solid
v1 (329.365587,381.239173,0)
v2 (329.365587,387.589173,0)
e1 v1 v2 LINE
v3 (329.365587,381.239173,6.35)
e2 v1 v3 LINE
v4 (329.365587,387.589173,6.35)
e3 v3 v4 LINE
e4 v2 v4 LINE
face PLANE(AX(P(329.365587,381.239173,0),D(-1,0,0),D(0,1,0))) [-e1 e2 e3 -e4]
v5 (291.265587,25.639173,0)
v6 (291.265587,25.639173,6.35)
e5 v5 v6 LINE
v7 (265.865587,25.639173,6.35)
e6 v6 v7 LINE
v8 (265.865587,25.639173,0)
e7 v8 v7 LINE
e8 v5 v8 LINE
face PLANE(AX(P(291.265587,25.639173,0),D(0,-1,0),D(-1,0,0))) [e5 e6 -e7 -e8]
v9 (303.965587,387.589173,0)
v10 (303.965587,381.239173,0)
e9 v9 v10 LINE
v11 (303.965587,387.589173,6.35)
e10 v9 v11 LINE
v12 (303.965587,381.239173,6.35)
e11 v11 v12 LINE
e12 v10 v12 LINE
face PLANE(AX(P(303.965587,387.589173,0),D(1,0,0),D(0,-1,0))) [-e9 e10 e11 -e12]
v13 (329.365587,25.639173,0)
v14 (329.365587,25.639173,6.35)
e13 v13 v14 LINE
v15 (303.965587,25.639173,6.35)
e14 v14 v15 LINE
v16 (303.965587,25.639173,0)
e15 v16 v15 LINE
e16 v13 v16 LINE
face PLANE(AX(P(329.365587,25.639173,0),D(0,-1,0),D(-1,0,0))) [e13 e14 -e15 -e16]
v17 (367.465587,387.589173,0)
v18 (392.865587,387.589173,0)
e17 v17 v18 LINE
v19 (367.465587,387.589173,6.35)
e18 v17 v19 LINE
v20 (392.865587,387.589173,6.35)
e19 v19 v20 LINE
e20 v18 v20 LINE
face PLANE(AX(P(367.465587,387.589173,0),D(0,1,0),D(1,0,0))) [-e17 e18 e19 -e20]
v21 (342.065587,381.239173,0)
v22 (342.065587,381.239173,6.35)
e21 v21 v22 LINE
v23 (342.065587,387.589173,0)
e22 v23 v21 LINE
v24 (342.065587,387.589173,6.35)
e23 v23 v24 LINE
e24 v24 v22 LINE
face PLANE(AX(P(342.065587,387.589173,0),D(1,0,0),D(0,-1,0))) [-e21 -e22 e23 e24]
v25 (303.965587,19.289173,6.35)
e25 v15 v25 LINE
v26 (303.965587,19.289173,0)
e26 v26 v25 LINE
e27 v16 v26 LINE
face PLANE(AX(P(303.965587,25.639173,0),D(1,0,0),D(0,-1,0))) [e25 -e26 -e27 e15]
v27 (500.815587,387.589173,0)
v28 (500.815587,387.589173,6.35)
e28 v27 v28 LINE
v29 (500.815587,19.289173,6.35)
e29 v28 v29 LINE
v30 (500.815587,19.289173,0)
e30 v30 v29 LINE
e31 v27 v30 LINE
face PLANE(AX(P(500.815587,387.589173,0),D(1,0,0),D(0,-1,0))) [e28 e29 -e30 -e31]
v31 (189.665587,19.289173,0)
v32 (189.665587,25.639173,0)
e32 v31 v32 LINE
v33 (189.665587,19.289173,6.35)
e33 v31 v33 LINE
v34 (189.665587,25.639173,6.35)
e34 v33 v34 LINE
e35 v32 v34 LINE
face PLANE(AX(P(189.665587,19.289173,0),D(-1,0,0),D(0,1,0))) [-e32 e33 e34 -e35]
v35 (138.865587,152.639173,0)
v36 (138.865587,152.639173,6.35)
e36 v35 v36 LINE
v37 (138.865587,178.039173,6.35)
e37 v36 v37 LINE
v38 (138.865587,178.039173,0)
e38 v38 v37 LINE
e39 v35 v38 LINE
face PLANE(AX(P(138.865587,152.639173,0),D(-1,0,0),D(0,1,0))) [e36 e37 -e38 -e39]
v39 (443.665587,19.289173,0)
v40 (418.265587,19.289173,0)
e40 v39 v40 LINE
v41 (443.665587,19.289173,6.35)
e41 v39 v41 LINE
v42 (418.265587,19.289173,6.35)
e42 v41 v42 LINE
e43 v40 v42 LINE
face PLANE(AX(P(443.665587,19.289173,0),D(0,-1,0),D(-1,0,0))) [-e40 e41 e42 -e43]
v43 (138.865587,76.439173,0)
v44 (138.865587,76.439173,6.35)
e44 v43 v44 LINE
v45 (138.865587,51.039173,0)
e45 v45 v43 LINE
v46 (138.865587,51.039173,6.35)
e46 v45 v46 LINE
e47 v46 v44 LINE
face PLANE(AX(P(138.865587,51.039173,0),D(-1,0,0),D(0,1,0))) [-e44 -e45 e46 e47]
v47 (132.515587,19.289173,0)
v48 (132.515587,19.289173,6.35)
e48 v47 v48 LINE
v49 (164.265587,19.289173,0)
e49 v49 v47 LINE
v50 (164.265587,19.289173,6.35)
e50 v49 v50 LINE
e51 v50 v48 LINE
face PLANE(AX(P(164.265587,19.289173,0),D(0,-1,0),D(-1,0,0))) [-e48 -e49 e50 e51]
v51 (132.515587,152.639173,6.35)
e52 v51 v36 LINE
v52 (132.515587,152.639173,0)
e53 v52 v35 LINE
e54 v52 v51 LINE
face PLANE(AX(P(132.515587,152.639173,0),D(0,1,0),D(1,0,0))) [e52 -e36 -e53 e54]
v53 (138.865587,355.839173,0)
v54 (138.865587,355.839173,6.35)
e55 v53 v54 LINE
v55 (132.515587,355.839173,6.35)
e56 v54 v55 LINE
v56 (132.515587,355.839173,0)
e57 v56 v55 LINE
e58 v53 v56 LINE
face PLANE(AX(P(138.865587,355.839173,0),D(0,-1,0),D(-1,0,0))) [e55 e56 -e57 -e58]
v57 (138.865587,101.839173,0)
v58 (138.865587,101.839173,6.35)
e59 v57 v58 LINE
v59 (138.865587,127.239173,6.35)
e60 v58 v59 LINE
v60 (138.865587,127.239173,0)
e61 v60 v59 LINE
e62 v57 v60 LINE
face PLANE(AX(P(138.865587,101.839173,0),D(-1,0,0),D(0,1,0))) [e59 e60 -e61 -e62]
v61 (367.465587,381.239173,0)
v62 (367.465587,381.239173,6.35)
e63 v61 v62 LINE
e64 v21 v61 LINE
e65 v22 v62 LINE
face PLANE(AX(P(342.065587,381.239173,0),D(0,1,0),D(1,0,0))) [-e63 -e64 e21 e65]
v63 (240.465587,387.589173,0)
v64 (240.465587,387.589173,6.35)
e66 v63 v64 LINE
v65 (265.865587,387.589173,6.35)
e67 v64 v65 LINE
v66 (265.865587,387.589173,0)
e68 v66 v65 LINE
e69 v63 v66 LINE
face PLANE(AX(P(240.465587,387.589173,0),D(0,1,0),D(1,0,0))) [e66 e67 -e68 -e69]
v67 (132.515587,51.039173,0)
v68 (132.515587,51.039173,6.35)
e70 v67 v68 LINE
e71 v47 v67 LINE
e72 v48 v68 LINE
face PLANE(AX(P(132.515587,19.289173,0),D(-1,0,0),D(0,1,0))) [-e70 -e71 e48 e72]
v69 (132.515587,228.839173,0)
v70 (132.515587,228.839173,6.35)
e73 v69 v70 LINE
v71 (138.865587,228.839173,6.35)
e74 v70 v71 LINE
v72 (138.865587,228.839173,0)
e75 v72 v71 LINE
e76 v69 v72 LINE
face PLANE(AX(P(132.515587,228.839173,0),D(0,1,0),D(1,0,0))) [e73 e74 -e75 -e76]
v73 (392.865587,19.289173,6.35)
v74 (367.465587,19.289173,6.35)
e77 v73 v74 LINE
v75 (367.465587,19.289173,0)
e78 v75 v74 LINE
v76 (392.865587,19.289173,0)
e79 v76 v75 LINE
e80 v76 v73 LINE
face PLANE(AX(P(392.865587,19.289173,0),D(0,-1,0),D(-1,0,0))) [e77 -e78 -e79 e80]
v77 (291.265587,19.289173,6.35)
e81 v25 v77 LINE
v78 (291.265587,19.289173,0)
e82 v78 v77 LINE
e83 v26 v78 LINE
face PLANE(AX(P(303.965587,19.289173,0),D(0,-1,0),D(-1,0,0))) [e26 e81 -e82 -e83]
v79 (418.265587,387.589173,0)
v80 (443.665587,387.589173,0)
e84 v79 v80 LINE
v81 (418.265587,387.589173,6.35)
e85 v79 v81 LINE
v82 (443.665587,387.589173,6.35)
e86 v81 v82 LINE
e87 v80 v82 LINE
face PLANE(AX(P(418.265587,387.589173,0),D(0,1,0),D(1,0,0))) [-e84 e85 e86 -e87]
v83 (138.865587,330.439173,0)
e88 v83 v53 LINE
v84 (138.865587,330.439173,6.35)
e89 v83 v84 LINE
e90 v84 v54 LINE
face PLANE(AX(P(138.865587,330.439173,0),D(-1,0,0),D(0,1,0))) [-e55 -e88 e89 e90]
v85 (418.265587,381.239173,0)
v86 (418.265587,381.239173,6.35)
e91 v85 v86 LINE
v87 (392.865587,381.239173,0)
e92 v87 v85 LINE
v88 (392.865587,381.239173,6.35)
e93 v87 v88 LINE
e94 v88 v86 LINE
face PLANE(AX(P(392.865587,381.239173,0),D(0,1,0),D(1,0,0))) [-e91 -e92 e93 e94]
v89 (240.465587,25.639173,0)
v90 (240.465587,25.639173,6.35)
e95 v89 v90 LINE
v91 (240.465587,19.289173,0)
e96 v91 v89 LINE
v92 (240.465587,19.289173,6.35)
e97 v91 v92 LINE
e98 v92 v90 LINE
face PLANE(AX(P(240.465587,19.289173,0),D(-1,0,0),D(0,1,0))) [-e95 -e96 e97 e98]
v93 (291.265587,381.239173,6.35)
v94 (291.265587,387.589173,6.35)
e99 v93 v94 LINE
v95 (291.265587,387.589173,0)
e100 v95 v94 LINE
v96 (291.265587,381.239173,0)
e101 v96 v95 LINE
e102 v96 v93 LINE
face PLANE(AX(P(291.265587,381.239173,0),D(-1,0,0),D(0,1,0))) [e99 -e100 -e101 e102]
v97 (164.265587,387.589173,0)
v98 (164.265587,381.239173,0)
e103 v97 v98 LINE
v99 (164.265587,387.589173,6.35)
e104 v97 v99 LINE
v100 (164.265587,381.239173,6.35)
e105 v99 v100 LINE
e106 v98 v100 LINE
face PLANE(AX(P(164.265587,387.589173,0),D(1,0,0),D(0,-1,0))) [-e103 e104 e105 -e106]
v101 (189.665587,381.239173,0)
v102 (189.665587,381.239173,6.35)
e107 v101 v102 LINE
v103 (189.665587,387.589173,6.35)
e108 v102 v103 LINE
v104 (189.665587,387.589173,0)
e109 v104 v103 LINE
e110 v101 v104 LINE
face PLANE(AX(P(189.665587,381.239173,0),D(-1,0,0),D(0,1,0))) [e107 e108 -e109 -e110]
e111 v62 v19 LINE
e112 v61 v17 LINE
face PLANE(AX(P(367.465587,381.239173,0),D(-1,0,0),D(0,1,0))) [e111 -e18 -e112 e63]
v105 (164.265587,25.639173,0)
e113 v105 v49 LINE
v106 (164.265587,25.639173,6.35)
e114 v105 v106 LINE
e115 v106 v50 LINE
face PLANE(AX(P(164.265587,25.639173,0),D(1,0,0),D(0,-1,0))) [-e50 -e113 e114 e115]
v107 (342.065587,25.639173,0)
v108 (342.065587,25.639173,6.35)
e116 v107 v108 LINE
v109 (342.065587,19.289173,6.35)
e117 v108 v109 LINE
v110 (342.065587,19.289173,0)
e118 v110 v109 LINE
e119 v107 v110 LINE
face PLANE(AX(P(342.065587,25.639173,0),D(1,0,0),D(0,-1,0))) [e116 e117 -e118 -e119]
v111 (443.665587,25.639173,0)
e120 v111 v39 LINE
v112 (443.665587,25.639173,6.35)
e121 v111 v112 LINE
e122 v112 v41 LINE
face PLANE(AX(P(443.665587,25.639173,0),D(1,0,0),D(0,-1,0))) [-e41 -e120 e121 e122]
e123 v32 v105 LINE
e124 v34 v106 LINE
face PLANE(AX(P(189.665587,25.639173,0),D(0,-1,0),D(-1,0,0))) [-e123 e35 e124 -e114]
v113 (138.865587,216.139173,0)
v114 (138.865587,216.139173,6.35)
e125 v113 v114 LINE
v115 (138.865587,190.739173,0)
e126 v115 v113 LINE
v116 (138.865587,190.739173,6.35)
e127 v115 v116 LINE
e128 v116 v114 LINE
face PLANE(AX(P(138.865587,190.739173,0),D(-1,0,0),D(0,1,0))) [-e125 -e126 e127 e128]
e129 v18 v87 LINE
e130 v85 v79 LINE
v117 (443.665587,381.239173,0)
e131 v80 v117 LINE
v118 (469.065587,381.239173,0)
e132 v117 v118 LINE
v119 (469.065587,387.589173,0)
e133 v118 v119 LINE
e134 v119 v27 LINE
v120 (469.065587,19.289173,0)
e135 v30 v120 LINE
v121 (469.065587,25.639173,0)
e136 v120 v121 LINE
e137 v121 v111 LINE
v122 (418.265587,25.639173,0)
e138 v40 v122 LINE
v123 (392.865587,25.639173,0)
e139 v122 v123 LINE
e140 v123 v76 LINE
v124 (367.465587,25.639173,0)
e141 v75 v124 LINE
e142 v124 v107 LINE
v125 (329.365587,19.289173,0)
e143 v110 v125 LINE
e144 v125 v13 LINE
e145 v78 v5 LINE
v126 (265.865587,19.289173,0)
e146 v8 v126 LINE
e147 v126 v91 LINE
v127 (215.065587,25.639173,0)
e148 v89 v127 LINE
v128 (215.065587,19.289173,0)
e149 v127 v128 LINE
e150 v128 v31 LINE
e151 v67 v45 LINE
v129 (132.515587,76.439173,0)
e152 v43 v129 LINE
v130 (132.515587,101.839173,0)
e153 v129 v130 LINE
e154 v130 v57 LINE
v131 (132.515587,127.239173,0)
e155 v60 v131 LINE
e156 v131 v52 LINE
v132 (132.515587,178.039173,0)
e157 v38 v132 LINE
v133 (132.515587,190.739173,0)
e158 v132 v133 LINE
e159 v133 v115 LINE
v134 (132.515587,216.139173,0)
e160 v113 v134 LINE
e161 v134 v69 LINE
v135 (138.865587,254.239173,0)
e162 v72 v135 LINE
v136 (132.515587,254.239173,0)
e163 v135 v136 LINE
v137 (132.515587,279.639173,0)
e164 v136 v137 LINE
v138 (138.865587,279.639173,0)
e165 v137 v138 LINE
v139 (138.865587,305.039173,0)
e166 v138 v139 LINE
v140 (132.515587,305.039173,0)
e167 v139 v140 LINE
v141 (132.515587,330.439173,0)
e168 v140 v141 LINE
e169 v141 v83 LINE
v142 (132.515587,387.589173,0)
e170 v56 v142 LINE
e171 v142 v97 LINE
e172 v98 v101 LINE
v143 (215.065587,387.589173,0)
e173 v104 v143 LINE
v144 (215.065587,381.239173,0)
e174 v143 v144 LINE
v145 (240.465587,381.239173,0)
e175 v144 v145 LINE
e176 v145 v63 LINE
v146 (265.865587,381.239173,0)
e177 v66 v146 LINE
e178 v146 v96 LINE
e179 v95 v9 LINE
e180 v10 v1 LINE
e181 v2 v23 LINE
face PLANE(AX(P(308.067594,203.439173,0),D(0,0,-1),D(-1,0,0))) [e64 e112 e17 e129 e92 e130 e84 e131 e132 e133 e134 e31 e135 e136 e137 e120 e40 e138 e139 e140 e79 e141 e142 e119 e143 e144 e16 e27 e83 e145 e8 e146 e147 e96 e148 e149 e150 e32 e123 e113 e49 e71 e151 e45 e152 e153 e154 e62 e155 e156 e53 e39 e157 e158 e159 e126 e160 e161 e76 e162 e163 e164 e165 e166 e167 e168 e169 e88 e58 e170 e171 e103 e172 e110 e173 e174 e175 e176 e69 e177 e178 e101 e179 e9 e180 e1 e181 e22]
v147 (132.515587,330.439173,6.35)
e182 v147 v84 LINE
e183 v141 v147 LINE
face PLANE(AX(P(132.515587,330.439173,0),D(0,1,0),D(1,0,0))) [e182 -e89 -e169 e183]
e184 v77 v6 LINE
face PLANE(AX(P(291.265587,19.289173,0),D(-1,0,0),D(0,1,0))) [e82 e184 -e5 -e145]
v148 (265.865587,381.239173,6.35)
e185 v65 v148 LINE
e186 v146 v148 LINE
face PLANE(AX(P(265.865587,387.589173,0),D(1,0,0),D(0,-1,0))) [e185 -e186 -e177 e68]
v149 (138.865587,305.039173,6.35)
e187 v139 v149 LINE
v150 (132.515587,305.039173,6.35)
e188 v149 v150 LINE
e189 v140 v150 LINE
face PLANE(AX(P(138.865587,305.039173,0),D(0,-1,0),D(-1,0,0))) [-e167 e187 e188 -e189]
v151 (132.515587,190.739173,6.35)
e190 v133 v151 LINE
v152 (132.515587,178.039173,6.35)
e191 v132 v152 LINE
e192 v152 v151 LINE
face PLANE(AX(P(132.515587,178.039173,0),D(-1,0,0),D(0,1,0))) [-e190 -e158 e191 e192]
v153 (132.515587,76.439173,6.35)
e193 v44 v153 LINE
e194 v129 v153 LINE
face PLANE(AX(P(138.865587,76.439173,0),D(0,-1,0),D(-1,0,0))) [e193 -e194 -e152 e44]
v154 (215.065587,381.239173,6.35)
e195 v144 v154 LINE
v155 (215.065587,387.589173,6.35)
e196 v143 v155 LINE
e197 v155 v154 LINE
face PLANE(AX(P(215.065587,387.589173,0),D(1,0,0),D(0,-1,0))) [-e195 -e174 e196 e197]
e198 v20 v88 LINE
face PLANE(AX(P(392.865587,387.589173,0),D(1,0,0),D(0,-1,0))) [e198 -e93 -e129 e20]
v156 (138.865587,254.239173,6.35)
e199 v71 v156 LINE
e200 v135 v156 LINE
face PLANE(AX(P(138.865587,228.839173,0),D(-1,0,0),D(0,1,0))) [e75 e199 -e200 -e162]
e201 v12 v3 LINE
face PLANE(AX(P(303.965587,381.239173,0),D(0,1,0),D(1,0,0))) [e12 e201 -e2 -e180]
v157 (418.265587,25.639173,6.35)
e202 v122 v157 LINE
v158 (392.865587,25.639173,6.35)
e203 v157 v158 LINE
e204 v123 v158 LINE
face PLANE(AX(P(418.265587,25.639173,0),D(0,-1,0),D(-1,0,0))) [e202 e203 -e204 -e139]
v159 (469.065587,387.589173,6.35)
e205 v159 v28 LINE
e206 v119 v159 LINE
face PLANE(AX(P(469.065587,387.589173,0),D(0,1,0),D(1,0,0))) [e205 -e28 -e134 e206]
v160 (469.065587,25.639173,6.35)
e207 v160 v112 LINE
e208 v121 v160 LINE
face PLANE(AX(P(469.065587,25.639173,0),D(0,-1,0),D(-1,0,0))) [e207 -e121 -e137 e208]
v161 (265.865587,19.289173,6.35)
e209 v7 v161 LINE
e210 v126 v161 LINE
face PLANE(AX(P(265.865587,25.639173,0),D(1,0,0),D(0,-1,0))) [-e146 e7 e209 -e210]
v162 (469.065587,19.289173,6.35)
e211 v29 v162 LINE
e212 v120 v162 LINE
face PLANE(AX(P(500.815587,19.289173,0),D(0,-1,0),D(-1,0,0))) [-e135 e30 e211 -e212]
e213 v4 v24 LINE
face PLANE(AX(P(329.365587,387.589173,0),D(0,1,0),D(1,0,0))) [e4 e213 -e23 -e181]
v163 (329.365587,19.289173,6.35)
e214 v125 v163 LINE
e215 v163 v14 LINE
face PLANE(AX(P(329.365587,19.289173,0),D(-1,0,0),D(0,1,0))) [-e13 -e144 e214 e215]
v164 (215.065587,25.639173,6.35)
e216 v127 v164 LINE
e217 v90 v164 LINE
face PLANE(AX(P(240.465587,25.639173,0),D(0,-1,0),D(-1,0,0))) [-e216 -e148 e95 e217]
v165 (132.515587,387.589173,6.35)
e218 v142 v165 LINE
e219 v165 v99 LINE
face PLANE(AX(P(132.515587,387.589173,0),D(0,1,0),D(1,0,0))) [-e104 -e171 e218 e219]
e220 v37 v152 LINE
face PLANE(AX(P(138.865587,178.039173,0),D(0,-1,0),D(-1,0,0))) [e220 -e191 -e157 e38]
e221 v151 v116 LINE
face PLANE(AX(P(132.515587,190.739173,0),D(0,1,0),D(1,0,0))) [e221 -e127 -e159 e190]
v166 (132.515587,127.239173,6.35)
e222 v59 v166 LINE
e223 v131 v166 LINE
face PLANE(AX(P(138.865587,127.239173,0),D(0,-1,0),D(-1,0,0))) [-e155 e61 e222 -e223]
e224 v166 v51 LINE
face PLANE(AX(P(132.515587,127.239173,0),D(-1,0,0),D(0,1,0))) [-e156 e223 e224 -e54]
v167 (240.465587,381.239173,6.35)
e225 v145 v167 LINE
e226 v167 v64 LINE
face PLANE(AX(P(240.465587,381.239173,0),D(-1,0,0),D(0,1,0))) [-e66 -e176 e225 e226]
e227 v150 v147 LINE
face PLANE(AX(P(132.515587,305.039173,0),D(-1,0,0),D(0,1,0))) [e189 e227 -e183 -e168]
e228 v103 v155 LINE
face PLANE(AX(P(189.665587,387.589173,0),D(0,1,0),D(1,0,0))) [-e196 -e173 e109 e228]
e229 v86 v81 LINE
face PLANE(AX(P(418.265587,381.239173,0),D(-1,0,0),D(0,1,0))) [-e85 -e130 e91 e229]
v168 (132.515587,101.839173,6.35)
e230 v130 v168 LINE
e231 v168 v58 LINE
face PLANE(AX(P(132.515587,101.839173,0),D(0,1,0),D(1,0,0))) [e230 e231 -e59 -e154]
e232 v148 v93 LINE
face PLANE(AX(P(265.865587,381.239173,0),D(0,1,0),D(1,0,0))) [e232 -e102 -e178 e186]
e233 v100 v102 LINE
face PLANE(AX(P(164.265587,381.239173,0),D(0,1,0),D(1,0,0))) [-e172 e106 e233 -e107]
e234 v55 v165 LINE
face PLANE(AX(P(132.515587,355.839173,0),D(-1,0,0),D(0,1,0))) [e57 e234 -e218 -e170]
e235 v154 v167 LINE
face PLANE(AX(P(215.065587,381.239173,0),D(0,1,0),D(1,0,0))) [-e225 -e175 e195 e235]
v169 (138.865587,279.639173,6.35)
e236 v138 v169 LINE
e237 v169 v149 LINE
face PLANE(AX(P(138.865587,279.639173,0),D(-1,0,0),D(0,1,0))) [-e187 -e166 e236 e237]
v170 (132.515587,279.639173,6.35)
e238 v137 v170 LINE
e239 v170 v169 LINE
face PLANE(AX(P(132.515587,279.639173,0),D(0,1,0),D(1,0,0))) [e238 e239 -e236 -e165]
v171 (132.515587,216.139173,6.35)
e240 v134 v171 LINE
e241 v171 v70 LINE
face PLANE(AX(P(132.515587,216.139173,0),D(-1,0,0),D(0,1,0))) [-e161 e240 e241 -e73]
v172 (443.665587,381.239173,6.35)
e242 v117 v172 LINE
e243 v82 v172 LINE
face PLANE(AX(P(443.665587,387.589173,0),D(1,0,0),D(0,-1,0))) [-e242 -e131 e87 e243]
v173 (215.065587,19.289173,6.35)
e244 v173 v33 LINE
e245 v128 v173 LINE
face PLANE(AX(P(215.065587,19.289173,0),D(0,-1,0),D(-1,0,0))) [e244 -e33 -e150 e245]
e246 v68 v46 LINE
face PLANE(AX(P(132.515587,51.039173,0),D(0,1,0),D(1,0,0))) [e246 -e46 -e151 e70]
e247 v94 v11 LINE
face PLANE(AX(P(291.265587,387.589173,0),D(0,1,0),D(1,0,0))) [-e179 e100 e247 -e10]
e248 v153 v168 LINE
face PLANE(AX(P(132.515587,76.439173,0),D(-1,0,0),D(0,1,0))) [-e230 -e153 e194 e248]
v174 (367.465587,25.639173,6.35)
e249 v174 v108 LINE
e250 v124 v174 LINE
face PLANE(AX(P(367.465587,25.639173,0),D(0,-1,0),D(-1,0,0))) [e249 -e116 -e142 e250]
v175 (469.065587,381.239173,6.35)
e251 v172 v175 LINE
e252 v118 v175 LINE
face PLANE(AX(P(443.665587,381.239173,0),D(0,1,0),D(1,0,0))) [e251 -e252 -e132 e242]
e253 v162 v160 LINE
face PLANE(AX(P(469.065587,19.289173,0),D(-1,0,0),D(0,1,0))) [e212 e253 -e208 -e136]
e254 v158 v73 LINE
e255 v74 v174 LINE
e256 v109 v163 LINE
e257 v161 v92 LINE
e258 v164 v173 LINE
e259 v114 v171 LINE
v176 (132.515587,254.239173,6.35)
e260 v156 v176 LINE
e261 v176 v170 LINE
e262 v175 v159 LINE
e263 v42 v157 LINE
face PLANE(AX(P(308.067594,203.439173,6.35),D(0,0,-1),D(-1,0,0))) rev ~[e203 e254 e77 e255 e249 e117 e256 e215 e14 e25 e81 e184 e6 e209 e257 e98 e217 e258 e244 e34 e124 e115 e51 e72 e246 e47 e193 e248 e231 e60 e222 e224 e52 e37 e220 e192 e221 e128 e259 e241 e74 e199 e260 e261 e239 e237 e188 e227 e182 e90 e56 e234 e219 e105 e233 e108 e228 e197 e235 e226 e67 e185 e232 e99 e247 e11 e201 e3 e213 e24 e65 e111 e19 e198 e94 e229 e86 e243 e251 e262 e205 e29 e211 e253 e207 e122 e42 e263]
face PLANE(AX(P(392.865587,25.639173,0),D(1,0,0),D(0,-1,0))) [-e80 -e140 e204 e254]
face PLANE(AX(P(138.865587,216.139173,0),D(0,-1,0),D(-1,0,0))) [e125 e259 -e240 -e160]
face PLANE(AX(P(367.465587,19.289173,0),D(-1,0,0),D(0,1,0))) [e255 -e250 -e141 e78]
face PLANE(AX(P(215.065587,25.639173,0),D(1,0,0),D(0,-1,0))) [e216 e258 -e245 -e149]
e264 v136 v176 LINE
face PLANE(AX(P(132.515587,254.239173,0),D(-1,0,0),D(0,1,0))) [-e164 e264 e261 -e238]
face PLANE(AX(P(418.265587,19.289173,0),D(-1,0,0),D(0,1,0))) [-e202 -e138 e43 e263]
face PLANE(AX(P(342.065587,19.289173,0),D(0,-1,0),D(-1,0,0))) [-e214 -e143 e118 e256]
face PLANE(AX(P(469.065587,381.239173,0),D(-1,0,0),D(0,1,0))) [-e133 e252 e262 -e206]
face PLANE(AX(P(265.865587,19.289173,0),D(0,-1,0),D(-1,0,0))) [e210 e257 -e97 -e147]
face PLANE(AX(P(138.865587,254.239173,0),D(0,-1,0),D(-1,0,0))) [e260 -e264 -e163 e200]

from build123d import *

# Parameters (mm, degrees)
EXTRUDE1_DEPTH = 6.35


with BuildPart() as part:
    # Sketch1 → Extrude1 (new body)
    with BuildSketch(Plane.XY):
        Polygon((500.815587146, 387.589172699), (500.815587146, 19.289172699), (469.065587146, 19.289172699), (469.065587146, 25.639172699), (443.665587146, 25.639172699), (443.665587146, 19.289172699), (418.265587146, 19.289172699), (418.265587146, 25.639172699), (392.865587146, 25.639172699), (392.865587146, 19.289172699), (367.465587146, 19.289172699), (367.465587146, 25.639172699), (342.065587146, 25.639172699), (342.065587146, 19.289172699), (329.365587146, 19.289172699), (329.365587146, 25.639172699), (303.965587146, 25.639172699), (303.965587146, 19.289172699), (291.265587146, 19.289172699), (291.265587146, 25.639172699), (265.865587146, 25.639172699), (265.865587146, 19.289172699), (240.465587146, 19.289172699), (240.465587146, 25.639172699), (215.065587146, 25.639172699), (215.065587146, 19.289172699), (189.665587146, 19.289172699), (189.665587146, 25.639172699), (164.265587146, 25.639172699), (164.265587146, 19.289172699), (132.515587146, 19.289172699), (132.515587146, 51.039172699), (138.865587146, 51.039172699), (138.865587146, 76.439172699), (132.515587146, 76.439172699), (132.515587146, 101.839172699), (138.865587146, 101.839172699), (138.865587146, 127.239172699), (132.515587146, 127.239172699), (132.515587146, 152.639172699), (138.865587146, 152.639172699), (138.865587146, 178.039172699), (132.515587146, 178.039172699), (132.515587146, 190.739172699), (138.865587146, 190.739172699), (138.865587146, 216.139172699), (132.515587146, 216.139172699), (132.515587146, 228.839172699), (138.865587146, 228.839172699), (138.865587146, 254.239172699), (132.515587146, 254.239172699), (132.515587146, 279.639172699), (138.865587146, 279.639172699), (138.865587146, 305.039172699), (132.515587146, 305.039172699), (132.515587146, 330.439172699), (138.865587146, 330.439172699), (138.865587146, 355.839172699), (132.515587146, 355.839172699), (132.515587146, 387.589172699), (164.265587146, 387.589172699), (164.265587146, 381.239172699), (189.665587146, 381.239172699), (189.665587146, 387.589172699), (215.065587146, 387.589172699), (215.065587146, 381.239172699), (240.465587146, 381.239172699), (240.465587146, 387.589172699), (265.865587146, 387.589172699), (265.865587146, 381.239172699), (291.265587146, 381.239172699), (291.265587146, 387.589172699), (303.965587146, 387.589172699), (303.965587146, 381.239172699), (329.365587146, 381.239172699), (329.365587146, 387.589172699), (342.065587146, 387.589172699), (342.065587146, 381.239172699), (367.465587146, 381.239172699), (367.465587146, 387.589172699), (392.865587146, 387.589172699), (392.865587146, 381.239172699), (418.265587146, 381.239172699), (418.265587146, 387.589172699), (443.665587146, 387.589172699), (443.665587146, 381.239172699), (469.065587146, 381.239172699), (469.065587146, 387.589172699), align=None)
    extrude(amount=EXTRUDE1_DEPTH)


solid = part.part
